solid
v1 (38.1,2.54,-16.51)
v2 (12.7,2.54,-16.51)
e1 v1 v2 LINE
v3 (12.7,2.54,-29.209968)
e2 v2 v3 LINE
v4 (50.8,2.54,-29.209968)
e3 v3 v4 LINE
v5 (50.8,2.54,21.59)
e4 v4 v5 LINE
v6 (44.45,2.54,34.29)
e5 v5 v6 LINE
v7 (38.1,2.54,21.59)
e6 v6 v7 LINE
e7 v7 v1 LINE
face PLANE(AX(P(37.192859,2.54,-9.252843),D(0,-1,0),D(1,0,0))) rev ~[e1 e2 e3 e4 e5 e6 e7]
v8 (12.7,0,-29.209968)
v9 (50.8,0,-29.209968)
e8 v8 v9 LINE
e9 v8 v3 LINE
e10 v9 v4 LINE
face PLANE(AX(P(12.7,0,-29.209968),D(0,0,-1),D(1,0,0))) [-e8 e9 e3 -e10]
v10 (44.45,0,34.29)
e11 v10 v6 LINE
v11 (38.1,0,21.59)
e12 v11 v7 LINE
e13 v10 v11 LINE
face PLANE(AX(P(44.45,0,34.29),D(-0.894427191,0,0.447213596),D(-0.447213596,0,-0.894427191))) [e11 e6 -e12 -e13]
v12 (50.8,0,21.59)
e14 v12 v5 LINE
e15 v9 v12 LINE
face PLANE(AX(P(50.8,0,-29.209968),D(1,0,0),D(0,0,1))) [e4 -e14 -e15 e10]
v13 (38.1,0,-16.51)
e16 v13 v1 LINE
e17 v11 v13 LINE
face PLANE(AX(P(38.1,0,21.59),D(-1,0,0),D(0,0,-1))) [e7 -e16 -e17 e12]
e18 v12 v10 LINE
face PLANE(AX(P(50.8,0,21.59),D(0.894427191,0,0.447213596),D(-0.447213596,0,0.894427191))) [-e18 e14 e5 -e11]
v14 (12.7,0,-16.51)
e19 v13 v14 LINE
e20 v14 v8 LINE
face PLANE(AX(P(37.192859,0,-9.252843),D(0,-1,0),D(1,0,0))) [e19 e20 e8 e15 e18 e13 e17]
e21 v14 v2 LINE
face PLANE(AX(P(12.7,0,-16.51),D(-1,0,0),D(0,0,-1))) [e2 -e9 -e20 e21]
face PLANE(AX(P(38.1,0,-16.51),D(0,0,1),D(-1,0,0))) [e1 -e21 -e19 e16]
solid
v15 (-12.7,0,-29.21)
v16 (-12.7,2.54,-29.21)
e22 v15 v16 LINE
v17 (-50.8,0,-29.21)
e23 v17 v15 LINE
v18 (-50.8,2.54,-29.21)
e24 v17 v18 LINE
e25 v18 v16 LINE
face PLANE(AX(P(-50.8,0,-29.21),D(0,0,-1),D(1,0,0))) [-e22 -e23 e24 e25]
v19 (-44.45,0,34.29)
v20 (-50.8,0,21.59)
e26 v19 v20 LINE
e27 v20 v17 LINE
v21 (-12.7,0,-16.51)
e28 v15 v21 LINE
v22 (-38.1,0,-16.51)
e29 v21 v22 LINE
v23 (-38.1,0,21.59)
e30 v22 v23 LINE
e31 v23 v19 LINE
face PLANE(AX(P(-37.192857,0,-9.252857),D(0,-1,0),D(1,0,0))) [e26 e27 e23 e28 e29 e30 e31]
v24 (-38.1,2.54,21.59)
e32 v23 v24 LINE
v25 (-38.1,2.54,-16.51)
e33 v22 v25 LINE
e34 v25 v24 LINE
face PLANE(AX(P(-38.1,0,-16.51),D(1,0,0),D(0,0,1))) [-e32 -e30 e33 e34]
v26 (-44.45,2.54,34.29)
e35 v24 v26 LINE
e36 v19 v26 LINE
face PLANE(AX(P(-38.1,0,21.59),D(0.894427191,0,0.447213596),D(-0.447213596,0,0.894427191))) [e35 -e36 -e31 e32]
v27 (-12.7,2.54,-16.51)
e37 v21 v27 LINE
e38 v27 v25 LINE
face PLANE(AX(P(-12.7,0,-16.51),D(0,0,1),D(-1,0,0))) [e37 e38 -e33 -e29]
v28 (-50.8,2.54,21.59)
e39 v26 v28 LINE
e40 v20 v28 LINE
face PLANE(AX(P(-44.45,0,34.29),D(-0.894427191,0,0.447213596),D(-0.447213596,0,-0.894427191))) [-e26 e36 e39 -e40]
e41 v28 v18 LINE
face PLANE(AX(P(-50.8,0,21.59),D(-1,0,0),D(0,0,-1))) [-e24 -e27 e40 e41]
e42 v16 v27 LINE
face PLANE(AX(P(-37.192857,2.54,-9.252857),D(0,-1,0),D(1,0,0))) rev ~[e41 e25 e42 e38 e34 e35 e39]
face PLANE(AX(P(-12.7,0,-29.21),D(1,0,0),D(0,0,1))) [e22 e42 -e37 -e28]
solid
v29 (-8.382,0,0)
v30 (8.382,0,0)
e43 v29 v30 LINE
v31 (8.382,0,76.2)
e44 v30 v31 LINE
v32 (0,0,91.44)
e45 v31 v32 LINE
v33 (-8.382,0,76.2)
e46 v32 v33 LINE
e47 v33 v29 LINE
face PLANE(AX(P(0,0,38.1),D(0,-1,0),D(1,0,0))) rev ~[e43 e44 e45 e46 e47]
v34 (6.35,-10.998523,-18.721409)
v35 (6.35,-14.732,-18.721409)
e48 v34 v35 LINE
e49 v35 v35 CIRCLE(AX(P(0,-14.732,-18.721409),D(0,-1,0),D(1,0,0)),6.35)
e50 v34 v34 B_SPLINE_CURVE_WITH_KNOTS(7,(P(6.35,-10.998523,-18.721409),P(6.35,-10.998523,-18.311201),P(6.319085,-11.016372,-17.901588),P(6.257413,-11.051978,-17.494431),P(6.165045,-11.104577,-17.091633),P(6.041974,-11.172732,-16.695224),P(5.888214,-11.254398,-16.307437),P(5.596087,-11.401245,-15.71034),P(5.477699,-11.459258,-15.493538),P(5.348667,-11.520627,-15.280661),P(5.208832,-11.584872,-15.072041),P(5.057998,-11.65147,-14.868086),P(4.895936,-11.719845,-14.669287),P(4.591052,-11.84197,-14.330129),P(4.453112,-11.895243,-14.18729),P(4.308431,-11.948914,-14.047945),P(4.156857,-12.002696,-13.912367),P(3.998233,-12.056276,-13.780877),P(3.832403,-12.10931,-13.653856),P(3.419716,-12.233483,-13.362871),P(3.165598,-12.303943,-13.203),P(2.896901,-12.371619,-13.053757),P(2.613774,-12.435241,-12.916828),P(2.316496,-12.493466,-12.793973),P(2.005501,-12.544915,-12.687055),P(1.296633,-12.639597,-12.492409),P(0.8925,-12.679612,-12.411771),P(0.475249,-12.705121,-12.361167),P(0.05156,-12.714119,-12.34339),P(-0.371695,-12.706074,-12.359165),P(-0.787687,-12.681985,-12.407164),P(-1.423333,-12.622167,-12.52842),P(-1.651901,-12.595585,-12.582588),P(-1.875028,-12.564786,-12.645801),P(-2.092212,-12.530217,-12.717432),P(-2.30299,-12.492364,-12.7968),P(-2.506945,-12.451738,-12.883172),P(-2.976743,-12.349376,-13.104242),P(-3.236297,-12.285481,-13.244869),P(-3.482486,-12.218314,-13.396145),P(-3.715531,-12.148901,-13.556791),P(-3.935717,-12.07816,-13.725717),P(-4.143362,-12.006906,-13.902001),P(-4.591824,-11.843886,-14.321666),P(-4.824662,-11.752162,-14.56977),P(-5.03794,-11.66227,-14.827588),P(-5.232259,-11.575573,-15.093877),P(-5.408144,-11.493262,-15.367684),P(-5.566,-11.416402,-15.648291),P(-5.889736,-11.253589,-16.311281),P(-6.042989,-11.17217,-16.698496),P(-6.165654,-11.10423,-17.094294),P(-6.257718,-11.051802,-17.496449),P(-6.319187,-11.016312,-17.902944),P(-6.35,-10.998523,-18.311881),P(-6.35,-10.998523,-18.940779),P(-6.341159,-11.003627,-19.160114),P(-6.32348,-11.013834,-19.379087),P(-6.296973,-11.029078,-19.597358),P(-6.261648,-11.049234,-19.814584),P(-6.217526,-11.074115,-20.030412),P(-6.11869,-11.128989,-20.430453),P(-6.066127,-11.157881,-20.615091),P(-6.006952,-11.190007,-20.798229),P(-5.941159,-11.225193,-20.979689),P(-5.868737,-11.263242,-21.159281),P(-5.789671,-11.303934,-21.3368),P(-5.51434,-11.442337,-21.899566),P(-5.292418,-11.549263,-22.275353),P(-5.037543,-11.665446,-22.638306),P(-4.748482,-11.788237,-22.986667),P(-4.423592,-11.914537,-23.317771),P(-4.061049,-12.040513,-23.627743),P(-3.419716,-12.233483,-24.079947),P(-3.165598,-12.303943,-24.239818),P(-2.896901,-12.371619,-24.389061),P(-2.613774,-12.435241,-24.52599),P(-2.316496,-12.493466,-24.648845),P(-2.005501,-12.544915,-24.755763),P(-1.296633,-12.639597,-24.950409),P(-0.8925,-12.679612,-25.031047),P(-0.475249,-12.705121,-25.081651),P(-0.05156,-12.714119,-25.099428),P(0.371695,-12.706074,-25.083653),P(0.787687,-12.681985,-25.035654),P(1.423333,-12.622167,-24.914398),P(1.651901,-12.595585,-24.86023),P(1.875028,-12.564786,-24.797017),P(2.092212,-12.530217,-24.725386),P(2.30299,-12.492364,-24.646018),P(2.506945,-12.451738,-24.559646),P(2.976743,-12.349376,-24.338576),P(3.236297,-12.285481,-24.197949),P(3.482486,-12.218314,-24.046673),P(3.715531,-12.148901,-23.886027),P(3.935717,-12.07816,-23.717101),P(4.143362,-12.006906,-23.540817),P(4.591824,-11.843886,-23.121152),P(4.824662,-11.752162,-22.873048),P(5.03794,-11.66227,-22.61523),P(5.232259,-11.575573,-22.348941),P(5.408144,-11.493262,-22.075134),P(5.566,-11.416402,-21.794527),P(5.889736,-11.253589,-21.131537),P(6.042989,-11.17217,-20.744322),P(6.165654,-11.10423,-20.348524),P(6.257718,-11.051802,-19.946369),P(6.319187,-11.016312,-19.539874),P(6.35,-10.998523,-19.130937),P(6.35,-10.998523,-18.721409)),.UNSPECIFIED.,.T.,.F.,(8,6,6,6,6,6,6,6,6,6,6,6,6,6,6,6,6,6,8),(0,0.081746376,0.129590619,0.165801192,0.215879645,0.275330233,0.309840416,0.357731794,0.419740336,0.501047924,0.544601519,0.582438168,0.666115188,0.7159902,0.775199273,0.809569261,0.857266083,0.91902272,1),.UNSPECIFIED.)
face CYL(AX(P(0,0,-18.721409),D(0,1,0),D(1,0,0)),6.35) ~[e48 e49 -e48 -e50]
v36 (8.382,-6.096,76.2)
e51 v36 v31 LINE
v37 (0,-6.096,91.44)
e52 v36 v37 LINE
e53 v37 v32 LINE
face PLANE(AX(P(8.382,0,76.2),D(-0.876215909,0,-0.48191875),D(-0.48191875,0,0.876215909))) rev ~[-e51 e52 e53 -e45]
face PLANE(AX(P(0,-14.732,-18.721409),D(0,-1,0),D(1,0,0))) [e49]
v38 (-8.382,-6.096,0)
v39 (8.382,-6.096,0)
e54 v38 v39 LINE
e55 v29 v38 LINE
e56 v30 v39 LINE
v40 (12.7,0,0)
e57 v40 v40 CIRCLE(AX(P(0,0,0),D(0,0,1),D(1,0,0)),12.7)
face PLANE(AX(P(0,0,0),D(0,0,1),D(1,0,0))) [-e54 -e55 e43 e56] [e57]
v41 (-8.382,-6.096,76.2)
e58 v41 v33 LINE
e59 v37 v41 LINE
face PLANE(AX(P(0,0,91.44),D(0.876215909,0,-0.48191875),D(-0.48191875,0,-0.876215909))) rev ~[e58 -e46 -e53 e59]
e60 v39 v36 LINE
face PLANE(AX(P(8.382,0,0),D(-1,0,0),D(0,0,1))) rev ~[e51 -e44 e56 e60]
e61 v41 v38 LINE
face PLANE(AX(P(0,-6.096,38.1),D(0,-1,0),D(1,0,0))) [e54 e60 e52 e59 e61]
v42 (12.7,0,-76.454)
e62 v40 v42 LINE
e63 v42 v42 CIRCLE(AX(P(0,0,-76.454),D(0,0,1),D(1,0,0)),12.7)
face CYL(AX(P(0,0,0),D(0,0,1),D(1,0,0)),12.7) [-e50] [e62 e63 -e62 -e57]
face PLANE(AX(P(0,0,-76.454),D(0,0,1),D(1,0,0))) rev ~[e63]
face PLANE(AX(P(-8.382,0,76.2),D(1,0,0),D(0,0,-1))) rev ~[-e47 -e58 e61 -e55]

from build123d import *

# Parameters (mm, degrees)
F0_R     = 12.7
F1_DEPTH = 76.454
F2_R     = 6.35
F3_DEPTH = 14.732
F5_DEPTH = 2.54
F7_DEPTH = 3.556
F8_DEPTH = 6.096


with BuildPart() as f1:
    # F0 (on Top) → F1 (new body)
    with BuildSketch(Plane.XY):
        Circle(F0_R)
    extrude(amount=-F1_DEPTH)

    # F2 (on Front) → F3 (join)
    with BuildSketch(Plane.XZ):
        with Locations((0, -18.721409)):
            Circle(F2_R)
    extrude(amount=F3_DEPTH)

    # F6 (on Front) → F7 (join)
    with BuildSketch(Plane.XZ):
        Polygon((-8.382, 0), (0, 0), (8.382, 0), (8.382, 76.2), (0, 76.2), (-8.382, 76.2), align=None)
        Polygon((0, 91.44), (-8.382, 76.2), (0, 76.2), align=None)
        Polygon((0, 76.2), (8.382, 76.2), (0, 91.44), align=None)
    extrude(amount=F7_DEPTH)

    # F6 (on Front) → F8 (join)
    with BuildSketch(Plane.XZ):
        Polygon((-8.382, 0), (0, 0), (8.382, 0), (8.382, 76.2), (0, 76.2), (-8.382, 76.2), align=None)
        Polygon((0, 91.44), (-8.382, 76.2), (0, 76.2), align=None)
        Polygon((0, 76.2), (8.382, 76.2), (0, 91.44), align=None)
    extrude(amount=F8_DEPTH)


with BuildPart() as f5:
    # F4 (on Front) → F5 (new body)
    with BuildSketch(Plane.XZ):
        Polygon((-50.8, -29.21), (-12.7, -29.21), (-12.7, -16.51), (-38.1, -16.51), (-38.1, 21.59), (-44.45, 21.59), (-50.8, 21.59), align=None)
        Polygon((12.7, -16.51), (12.7, -29.209968), (50.8, -29.209968), (50.8, 21.59), (44.45, 21.59), (38.1, 21.59), (38.1, -16.51), align=None)
        Polygon((-44.45, 34.29), (-50.8, 21.59), (-44.45, 21.59), align=None)
        Polygon((44.45, 21.59), (50.8, 21.59), (44.45, 34.29), align=None)
        Polygon((-44.45, 21.59), (-38.1, 21.59), (-44.45, 34.29), align=None)
        Polygon((44.45, 34.29), (38.1, 21.59), (44.45, 21.59), align=None)
    extrude(amount=-F5_DEPTH)


solid = Compound([f1.part, f5.part])
